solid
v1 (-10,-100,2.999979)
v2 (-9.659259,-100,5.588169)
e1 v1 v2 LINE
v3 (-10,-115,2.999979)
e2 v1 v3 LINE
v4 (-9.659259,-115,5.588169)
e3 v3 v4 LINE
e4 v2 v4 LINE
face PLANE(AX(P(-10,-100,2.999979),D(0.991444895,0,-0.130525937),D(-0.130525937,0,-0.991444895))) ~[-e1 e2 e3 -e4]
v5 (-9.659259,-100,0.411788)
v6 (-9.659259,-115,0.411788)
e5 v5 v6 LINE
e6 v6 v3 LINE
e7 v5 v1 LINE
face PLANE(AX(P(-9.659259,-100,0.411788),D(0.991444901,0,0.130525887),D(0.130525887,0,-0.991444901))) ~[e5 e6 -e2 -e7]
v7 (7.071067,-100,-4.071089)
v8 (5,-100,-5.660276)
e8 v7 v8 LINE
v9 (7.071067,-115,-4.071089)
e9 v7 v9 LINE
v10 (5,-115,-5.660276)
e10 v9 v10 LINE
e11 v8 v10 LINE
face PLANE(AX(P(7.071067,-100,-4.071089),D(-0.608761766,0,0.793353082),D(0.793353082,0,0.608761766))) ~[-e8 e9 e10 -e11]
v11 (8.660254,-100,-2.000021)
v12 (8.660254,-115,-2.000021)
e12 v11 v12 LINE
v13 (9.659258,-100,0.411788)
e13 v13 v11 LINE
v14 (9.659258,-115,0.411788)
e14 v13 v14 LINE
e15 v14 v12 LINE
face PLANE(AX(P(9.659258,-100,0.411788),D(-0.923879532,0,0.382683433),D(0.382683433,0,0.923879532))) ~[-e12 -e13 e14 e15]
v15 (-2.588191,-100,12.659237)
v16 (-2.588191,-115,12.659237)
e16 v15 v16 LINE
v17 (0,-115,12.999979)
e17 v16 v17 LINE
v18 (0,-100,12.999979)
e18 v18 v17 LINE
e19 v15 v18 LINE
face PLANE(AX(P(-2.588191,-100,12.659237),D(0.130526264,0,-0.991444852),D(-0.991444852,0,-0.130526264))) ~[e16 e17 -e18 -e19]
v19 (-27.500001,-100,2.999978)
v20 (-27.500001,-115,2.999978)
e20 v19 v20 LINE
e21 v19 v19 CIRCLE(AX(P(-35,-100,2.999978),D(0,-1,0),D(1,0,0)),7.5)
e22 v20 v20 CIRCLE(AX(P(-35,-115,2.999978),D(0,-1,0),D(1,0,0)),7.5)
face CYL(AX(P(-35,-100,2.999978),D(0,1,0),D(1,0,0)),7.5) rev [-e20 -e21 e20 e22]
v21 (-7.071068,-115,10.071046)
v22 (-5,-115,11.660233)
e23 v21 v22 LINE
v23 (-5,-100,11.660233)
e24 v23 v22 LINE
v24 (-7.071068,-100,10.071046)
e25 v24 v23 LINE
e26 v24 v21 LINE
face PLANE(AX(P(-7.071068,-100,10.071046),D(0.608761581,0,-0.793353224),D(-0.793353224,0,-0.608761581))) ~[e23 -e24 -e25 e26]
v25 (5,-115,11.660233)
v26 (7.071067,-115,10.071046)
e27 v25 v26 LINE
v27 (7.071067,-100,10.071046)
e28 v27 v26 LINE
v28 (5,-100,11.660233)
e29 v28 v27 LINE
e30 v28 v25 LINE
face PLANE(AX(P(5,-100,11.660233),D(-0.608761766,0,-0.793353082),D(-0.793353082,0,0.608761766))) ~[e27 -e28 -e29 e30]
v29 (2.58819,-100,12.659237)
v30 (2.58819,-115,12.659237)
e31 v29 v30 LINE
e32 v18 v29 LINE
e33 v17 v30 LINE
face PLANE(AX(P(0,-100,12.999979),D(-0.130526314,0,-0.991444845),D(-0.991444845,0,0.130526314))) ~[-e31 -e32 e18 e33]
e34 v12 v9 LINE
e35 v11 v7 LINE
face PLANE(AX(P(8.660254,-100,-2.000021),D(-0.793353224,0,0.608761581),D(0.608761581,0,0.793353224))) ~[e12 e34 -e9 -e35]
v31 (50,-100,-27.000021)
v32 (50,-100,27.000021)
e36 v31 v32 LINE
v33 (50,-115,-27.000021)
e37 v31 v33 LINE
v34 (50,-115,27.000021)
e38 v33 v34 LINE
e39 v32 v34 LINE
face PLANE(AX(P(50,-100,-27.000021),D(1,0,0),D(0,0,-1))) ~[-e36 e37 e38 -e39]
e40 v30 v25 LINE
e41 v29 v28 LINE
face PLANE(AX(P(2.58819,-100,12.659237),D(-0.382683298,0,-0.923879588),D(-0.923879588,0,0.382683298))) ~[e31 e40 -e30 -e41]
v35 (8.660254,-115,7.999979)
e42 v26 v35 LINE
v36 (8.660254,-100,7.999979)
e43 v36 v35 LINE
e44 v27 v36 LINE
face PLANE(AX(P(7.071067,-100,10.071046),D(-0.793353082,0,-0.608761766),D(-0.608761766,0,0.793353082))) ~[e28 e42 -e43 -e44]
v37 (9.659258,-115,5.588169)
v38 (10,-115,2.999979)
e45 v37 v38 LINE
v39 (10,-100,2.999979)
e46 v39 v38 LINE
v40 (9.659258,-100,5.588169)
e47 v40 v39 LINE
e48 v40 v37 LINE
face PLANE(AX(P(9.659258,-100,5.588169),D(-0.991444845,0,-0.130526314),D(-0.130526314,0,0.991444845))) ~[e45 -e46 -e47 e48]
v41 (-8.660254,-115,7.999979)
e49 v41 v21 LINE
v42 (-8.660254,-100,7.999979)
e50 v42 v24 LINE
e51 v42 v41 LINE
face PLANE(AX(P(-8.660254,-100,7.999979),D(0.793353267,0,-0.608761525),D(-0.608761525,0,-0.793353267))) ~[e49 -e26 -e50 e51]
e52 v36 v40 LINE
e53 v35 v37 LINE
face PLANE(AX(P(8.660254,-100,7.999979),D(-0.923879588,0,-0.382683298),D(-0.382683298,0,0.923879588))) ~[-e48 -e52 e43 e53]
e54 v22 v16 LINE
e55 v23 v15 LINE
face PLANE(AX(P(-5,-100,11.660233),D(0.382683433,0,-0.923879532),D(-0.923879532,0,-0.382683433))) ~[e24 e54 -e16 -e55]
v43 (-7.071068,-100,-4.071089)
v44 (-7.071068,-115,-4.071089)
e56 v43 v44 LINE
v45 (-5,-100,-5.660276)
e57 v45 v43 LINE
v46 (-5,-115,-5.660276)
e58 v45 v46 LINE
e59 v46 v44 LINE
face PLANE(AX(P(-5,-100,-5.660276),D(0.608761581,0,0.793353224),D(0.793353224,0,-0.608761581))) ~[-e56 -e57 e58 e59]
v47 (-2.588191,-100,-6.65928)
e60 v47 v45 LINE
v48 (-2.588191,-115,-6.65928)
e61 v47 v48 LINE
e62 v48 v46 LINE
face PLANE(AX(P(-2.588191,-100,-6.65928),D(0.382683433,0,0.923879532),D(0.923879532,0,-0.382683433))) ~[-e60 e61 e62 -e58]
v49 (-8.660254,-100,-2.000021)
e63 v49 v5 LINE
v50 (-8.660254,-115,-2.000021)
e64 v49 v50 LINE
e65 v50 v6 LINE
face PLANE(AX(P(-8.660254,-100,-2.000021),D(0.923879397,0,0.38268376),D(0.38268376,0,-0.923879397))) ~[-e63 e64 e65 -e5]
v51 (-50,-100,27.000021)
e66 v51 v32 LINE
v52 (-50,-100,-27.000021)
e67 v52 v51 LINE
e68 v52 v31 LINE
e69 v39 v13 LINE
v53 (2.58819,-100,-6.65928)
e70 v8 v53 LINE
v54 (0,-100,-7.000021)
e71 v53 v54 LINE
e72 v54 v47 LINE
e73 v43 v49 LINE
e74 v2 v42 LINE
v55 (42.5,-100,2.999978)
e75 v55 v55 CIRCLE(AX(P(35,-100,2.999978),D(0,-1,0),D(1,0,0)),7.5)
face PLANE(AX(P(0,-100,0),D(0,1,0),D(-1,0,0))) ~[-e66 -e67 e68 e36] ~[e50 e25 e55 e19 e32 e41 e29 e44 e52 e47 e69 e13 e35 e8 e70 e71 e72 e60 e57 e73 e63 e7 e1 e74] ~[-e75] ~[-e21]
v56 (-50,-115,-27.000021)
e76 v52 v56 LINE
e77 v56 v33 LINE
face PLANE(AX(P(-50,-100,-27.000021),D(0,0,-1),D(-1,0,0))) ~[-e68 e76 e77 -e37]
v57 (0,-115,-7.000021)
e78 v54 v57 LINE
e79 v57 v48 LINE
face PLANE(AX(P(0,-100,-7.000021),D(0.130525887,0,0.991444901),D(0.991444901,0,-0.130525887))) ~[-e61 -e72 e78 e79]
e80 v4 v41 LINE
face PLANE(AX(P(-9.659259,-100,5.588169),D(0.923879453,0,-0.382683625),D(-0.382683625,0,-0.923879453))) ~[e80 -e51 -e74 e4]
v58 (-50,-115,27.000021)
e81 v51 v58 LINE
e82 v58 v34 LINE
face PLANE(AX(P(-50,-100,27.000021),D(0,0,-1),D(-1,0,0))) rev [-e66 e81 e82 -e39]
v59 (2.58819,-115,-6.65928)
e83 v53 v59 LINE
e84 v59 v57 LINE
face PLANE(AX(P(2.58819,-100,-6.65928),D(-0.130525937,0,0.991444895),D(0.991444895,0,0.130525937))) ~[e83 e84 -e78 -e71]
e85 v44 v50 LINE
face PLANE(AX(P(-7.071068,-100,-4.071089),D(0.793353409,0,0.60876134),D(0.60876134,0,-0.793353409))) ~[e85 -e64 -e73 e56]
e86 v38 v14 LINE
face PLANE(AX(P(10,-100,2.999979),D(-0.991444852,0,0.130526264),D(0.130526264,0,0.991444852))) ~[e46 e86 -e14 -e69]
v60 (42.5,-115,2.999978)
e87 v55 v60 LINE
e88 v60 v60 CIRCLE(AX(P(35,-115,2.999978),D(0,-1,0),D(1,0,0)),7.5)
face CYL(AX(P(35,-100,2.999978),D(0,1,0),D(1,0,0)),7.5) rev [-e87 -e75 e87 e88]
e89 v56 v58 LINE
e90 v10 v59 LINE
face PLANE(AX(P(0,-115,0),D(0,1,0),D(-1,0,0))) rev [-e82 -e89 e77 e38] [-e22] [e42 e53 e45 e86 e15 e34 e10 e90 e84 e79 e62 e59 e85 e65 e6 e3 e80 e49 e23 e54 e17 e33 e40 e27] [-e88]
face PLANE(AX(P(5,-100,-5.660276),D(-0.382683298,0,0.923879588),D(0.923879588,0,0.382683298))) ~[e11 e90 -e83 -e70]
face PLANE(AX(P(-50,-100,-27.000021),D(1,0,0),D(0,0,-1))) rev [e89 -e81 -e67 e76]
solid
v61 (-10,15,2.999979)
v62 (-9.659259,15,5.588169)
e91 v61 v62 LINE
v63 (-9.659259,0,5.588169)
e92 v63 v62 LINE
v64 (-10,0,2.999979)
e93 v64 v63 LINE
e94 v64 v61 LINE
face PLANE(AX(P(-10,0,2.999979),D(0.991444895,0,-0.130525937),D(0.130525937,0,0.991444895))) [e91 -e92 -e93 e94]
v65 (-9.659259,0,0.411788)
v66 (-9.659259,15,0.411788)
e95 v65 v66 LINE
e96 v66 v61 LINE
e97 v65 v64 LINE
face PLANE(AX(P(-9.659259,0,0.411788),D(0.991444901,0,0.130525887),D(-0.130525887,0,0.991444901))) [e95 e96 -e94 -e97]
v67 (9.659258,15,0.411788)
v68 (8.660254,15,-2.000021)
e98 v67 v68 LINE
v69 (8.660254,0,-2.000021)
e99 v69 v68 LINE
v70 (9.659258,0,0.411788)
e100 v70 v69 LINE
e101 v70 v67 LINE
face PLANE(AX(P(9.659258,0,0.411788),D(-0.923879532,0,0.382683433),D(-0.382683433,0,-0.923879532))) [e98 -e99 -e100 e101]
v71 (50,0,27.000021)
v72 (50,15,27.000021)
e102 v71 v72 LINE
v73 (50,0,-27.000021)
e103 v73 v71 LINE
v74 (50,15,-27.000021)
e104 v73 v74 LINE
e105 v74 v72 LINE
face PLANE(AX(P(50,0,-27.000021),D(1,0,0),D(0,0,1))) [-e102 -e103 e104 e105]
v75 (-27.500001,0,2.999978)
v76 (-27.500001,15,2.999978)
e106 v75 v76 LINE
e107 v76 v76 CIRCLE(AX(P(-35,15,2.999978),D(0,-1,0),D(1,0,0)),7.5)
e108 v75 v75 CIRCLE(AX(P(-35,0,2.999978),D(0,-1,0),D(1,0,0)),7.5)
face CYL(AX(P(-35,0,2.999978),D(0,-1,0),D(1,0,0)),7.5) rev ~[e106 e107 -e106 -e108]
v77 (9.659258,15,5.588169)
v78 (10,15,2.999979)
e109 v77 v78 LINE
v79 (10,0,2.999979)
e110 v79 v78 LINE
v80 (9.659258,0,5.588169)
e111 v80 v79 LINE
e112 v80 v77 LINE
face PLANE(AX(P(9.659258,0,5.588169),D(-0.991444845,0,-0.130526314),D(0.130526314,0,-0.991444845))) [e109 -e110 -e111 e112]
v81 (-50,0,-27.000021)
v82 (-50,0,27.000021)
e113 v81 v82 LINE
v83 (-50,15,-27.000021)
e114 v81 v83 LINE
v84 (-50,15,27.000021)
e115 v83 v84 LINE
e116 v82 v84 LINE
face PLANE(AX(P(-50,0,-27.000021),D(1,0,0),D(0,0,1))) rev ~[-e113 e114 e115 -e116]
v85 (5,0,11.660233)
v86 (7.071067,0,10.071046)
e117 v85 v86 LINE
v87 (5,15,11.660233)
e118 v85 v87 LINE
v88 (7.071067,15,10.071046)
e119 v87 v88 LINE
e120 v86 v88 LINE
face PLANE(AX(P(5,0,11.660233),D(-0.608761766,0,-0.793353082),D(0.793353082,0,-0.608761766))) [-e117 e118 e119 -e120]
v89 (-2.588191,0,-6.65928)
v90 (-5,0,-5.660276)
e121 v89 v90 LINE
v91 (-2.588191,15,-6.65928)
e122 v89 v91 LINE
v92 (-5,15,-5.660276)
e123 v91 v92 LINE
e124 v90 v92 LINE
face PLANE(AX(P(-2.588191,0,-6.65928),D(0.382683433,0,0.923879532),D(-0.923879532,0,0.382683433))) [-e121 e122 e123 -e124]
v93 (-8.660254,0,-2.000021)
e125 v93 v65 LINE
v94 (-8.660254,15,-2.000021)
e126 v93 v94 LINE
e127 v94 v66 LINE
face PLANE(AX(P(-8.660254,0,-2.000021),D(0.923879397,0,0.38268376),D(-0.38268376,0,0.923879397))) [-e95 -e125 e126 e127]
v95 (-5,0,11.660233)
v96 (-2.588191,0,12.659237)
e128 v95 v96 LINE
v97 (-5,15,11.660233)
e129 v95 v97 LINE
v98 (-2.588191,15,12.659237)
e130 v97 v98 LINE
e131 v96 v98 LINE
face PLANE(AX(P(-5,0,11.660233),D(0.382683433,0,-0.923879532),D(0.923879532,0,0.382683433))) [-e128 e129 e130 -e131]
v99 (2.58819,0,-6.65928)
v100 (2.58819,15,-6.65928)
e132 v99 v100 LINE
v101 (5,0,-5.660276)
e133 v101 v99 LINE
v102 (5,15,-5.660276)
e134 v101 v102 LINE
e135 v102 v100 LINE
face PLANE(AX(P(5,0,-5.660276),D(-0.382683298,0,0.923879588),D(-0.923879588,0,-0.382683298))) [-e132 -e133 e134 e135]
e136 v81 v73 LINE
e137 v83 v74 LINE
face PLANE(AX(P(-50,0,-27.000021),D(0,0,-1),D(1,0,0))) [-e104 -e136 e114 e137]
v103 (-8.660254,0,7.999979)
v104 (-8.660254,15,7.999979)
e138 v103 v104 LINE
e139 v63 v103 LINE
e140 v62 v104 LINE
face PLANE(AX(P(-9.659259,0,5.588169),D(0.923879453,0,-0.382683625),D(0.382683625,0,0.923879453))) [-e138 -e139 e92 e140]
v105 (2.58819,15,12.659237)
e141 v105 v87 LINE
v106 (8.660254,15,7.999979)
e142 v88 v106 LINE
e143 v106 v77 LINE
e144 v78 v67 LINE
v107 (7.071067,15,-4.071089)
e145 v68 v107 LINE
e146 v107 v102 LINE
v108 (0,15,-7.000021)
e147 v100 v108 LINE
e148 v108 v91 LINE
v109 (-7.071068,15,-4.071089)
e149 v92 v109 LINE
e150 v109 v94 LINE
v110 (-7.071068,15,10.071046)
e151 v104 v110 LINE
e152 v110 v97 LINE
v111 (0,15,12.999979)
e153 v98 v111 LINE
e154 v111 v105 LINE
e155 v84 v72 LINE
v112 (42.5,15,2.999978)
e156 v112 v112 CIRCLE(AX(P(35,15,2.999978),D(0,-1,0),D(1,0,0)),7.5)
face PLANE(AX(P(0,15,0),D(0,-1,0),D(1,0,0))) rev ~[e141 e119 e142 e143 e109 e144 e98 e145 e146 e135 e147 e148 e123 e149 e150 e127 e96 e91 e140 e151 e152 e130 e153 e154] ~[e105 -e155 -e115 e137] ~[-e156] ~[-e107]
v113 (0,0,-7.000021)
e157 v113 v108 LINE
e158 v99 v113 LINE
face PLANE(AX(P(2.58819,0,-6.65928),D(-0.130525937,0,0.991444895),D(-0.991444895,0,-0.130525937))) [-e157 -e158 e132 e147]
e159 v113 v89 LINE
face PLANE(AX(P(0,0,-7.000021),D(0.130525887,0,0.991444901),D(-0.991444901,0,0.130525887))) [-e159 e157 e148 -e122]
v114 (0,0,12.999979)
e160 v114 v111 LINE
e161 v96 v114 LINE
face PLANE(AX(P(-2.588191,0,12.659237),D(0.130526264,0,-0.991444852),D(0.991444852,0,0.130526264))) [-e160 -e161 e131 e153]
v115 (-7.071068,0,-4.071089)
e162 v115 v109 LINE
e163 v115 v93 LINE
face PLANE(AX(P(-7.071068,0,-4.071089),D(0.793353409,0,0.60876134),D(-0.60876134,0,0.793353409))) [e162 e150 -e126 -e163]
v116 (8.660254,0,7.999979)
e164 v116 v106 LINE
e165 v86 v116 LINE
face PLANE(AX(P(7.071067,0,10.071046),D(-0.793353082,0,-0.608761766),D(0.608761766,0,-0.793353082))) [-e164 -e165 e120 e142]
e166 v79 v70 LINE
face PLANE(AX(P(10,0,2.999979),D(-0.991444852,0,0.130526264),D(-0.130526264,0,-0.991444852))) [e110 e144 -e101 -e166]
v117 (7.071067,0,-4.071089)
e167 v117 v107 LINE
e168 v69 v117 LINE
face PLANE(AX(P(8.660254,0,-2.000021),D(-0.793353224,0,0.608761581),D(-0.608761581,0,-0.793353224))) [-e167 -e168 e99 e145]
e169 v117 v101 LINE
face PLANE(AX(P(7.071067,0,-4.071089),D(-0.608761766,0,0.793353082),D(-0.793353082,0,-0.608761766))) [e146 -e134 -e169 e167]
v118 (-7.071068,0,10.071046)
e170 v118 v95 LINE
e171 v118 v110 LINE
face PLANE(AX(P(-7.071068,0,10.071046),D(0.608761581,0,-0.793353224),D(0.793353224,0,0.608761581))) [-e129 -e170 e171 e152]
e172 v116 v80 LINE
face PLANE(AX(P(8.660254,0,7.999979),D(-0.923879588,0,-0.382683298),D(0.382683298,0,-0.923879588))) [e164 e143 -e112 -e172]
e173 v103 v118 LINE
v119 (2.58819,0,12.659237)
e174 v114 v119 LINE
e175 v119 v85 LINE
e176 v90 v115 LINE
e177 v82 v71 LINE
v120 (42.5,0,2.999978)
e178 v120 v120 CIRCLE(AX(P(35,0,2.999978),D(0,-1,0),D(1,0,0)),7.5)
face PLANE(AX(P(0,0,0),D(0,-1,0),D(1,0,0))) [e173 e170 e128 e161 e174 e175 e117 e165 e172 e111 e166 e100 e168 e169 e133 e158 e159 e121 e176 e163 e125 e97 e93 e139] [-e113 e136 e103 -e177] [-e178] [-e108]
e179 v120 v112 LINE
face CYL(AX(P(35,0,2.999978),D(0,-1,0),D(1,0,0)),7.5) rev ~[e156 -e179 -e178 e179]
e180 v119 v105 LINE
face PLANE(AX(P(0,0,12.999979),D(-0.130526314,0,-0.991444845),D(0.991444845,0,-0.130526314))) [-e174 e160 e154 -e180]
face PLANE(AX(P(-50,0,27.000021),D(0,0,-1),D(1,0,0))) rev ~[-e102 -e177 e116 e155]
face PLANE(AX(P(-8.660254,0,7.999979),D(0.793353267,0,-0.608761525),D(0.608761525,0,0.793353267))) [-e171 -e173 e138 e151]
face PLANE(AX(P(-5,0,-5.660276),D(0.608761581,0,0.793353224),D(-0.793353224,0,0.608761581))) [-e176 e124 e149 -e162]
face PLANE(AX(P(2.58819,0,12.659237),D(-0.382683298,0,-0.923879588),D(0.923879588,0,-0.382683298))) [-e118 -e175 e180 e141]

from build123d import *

# Parameters (mm, degrees)
F0_W     = 100
F0_H     = 54.000043
F0_R     = 7.4999996455
F0_R_2   = 7.4999998704
F2_DEPTH = 15


with BuildPart() as f2:
    # F0 (on Front) → F2 (new body)
    with BuildSketch(Plane.XZ):
        with Locations((0, 5e-07)):
            Rectangle(F0_W, F0_H)
        with Locations((-35.0000003918, 2.9999783918)):
            Circle(F0_R, mode=Mode.SUBTRACT)
        Polygon((-5, 11.660233), (-2.588191, 12.659237), (0, 12.999979), (2.58819, 12.659237), (5, 11.660233), (7.071067, 10.071046), (8.660254, 7.999979), (9.659258, 5.588169), (10, 2.999979), (9.659258, 0.411788), (8.660254, -2.000021), (7.071067, -4.071089), (5, -5.660276), (2.58819, -6.65928), (0, -7.000021), (-2.588191, -6.65928), (-5, -5.660276), (-7.071068, -4.071089), (-8.660254, -2.000021), (-9.659259, 0.411788), (-10, 2.999979), (-9.659259, 5.588169), (-8.660254, 7.999979), (-7.071068, 10.071046), align=None, mode=Mode.SUBTRACT)
        with Locations((34.9999998031, 2.9999782651)):
            Circle(F0_R_2, mode=Mode.SUBTRACT)
    extrude(amount=-F2_DEPTH)


with BuildPart() as f3_1:
    # F3: instance of F2
    add(f2.part.mirror(Plane.XZ.offset(50)))


solid = Compound([f2.part, f3_1.part])
